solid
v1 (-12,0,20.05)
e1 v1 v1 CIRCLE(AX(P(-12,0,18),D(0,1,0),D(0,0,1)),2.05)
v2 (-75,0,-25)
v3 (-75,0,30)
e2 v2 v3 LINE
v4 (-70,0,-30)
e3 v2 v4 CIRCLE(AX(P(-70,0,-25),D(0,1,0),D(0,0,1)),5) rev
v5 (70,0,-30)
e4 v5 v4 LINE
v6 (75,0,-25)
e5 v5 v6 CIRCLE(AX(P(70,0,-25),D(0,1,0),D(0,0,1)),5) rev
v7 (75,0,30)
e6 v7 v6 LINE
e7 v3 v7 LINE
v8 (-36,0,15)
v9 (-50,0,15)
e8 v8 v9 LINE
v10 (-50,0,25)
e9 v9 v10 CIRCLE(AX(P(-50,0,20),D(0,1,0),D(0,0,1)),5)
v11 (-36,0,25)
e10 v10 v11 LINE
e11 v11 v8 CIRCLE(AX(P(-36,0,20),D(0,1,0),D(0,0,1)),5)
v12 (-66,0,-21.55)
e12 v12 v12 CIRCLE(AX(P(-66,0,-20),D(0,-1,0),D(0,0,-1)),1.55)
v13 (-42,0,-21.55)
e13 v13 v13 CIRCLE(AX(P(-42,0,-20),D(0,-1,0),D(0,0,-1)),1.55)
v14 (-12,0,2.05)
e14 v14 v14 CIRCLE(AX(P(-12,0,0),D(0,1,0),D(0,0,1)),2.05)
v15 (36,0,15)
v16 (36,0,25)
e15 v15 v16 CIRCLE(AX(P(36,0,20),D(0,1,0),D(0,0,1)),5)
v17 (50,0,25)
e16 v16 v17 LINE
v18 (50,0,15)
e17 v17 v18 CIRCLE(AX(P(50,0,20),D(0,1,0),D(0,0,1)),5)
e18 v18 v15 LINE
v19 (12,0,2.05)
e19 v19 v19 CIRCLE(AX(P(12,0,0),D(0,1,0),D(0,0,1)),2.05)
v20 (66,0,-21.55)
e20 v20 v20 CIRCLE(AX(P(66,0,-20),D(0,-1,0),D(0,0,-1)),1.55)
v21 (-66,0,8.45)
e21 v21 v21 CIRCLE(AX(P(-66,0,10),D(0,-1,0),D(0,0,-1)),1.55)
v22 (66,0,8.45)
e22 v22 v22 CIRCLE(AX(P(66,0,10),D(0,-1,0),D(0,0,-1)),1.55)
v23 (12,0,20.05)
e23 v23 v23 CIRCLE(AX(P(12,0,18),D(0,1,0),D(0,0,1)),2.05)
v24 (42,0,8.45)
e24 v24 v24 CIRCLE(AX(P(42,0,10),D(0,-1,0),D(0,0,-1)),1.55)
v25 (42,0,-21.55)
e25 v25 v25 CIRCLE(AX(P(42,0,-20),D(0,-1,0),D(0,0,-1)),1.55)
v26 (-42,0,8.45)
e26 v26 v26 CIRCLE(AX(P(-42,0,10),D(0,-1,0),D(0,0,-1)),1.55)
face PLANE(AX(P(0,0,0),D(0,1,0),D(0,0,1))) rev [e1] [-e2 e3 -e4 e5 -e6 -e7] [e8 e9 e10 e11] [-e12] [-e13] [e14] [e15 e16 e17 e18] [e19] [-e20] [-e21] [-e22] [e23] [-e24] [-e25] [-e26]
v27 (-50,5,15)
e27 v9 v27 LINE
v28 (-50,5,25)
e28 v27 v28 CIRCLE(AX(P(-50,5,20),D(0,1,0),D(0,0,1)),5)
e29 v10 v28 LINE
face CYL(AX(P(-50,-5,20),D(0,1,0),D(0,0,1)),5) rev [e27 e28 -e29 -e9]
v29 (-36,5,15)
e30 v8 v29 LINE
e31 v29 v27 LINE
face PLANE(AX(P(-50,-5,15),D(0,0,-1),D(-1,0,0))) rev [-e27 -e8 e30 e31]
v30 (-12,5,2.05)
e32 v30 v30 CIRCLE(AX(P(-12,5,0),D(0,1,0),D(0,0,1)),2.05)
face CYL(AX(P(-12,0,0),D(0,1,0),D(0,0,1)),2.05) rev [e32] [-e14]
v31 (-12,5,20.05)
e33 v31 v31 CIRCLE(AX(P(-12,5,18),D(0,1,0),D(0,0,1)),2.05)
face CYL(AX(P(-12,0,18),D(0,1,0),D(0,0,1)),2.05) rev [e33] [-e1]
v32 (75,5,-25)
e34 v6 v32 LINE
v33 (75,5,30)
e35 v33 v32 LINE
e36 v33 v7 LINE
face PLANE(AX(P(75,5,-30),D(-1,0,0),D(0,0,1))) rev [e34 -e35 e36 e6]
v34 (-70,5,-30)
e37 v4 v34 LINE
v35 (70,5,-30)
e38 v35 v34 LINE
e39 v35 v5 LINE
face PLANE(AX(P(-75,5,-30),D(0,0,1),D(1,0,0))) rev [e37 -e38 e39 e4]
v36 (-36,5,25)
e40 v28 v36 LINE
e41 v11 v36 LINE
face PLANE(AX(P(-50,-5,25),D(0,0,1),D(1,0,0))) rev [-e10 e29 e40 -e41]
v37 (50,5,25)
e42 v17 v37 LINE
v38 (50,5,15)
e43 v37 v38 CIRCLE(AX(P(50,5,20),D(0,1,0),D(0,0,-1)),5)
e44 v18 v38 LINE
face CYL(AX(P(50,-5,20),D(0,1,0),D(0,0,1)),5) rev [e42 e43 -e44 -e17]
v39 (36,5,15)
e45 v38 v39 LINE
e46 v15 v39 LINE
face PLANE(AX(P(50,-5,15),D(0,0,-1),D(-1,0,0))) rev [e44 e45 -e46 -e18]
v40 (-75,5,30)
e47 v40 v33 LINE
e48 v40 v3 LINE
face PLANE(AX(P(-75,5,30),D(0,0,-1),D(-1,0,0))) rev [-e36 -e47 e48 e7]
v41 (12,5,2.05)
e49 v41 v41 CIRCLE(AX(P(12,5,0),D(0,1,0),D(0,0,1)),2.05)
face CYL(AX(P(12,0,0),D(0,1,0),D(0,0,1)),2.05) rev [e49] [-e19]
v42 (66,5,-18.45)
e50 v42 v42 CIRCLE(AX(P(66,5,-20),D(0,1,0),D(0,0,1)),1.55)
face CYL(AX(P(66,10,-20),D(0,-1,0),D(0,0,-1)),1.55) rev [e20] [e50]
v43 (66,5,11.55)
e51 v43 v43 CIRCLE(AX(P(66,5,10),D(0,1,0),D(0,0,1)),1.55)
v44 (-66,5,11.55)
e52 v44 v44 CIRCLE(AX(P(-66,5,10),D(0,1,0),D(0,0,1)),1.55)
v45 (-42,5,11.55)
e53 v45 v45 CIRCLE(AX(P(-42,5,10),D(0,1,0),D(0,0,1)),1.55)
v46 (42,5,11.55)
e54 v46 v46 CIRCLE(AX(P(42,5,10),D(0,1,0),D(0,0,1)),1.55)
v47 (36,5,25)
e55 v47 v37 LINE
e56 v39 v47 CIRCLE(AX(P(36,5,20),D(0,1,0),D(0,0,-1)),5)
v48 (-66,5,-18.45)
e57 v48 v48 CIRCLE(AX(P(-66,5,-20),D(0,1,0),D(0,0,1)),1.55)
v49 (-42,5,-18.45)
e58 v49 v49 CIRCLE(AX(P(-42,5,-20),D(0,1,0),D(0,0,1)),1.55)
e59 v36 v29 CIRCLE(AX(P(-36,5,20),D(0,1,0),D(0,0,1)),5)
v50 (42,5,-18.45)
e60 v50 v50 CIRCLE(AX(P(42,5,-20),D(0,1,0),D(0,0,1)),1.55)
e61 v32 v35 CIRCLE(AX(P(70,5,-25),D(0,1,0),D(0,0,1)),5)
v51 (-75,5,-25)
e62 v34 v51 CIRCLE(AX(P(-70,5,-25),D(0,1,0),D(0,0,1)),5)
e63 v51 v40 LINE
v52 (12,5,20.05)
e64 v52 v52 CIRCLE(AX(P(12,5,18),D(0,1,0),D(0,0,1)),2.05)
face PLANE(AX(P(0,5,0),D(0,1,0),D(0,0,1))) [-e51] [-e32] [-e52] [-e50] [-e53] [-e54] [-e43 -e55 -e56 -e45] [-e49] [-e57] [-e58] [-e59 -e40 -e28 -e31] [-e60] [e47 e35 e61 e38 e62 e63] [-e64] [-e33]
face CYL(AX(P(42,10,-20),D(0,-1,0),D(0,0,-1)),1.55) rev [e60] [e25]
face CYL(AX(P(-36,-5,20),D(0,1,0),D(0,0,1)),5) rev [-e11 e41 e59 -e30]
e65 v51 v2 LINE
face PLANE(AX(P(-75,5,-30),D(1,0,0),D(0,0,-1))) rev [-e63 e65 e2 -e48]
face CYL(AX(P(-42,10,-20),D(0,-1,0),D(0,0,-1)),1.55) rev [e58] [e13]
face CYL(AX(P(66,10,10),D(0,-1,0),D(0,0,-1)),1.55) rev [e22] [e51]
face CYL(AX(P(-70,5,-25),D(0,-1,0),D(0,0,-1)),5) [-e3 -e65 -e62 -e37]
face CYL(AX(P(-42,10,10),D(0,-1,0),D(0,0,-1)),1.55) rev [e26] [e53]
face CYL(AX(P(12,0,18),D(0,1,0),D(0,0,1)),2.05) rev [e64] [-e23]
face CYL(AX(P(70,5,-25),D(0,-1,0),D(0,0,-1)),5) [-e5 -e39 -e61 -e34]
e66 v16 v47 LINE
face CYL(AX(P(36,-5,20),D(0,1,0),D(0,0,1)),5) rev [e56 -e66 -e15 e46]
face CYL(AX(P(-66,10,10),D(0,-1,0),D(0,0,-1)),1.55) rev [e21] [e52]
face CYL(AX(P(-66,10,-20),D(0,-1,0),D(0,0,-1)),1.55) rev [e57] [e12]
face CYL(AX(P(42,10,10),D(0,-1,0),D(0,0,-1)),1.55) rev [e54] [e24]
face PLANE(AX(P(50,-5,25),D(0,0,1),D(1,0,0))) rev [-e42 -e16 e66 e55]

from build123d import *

# Parameters (mm, degrees)
SKETCH_1_W          = 150
SKETCH_1_H          = 60
EXTRUDE_1_DEPTH     = 5
SKETCH_2_R          = 1.55
CUT_EXTRUDE_1_DEPTH = 10
SKETCH_3_R          = 2.05
CUT_EXTRUDE_2_DEPTH = 81.932070281
FILLET_1_R          = 5
CUT_EXTRUDE_3_DEPTH = 10


with BuildPart() as part:
    # 草图1 → 凸台-拉伸1 (new body)
    with BuildSketch(Plane(origin=(0, 0, 0), x_dir=(1, 0, 0), z_dir=(0, 1, 0))):
        Rectangle(SKETCH_1_W, SKETCH_1_H)
    extrude(amount=EXTRUDE_1_DEPTH)

    # 草图2 → 切除-拉伸1 (cut)
    with BuildSketch(Plane(origin=(0, 0, 0), x_dir=(-1, 0, 0), z_dir=(0, -1, 0))):
        with Locations(Location((-66, 20, 0), (0, 0, 90))):
            Circle(SKETCH_2_R)
        with Locations(Location((-42, 20, 0), (0, 0, 90))):
            Circle(SKETCH_2_R)
        with Locations(Location((-66, -10, 0), (0, 0, 90))):
            Circle(SKETCH_2_R)
        with Locations(Location((-42, -10, 0), (0, 0, 90))):
            Circle(SKETCH_2_R)
        with Locations(Location((42, 20, 0), (0, 0, 90))):
            Circle(SKETCH_2_R)
        with Locations(Location((66, 20, 0), (0, 0, 90))):
            Circle(SKETCH_2_R)
        with Locations(Location((42, -10, 0), (0, 0, 90))):
            Circle(SKETCH_2_R)
        with Locations(Location((66, -10, 0), (0, 0, 90))):
            Circle(SKETCH_2_R)
    extrude(amount=-CUT_EXTRUDE_1_DEPTH, mode=Mode.SUBTRACT)

    # 草图3 → 切除-拉伸2 (cut, through all)
    with BuildSketch(Plane(origin=(0, 5, 0), x_dir=(1, 0, 0), z_dir=(0, 1, 0))):
        with Locations(Location((-12, 0, 0), (0, 0, 270))):
            Circle(SKETCH_3_R)
        with Locations(Location((12, 0, 0), (0, 0, 270))):
            Circle(SKETCH_3_R)
        with Locations(Location((-12, -18, 0), (0, 0, 270))):
            Circle(SKETCH_3_R)
        with Locations(Location((12, -18, 0), (0, 0, 270))):
            Circle(SKETCH_3_R)
    extrude(amount=-CUT_EXTRUDE_2_DEPTH, mode=Mode.SUBTRACT)

    # 圆角1
    fillet_1_edges = [part.edges().sort_by_distance(p)[0] for p in [
        (-75, 2.5, -30),
        (75, 2.5, -30),
    ]]
    fillet(fillet_1_edges, radius=FILLET_1_R)

    # 草图4 → 切除-拉伸3 (cut)
    with BuildSketch(Plane(origin=(0, 5, 0), x_dir=(1, 0, 0), z_dir=(0, 1, 0))):
        with BuildLine():
            Line((-50, -15), (-36, -15))
            ThreePointArc((-36, -15), (-31, -20), (-36, -25))
            Line((-36, -25), (-50, -25))
            ThreePointArc((-50, -25), (-55, -20), (-50, -15))
        make_face()
        with BuildLine():
            Line((50, -15), (36, -15))
            ThreePointArc((36, -15), (31, -20), (36, -25))
            Line((36, -25), (50, -25))
            ThreePointArc((50, -25), (55, -20), (50, -15))
        make_face()
    extrude(amount=-CUT_EXTRUDE_3_DEPTH, mode=Mode.SUBTRACT)


solid = part.part
